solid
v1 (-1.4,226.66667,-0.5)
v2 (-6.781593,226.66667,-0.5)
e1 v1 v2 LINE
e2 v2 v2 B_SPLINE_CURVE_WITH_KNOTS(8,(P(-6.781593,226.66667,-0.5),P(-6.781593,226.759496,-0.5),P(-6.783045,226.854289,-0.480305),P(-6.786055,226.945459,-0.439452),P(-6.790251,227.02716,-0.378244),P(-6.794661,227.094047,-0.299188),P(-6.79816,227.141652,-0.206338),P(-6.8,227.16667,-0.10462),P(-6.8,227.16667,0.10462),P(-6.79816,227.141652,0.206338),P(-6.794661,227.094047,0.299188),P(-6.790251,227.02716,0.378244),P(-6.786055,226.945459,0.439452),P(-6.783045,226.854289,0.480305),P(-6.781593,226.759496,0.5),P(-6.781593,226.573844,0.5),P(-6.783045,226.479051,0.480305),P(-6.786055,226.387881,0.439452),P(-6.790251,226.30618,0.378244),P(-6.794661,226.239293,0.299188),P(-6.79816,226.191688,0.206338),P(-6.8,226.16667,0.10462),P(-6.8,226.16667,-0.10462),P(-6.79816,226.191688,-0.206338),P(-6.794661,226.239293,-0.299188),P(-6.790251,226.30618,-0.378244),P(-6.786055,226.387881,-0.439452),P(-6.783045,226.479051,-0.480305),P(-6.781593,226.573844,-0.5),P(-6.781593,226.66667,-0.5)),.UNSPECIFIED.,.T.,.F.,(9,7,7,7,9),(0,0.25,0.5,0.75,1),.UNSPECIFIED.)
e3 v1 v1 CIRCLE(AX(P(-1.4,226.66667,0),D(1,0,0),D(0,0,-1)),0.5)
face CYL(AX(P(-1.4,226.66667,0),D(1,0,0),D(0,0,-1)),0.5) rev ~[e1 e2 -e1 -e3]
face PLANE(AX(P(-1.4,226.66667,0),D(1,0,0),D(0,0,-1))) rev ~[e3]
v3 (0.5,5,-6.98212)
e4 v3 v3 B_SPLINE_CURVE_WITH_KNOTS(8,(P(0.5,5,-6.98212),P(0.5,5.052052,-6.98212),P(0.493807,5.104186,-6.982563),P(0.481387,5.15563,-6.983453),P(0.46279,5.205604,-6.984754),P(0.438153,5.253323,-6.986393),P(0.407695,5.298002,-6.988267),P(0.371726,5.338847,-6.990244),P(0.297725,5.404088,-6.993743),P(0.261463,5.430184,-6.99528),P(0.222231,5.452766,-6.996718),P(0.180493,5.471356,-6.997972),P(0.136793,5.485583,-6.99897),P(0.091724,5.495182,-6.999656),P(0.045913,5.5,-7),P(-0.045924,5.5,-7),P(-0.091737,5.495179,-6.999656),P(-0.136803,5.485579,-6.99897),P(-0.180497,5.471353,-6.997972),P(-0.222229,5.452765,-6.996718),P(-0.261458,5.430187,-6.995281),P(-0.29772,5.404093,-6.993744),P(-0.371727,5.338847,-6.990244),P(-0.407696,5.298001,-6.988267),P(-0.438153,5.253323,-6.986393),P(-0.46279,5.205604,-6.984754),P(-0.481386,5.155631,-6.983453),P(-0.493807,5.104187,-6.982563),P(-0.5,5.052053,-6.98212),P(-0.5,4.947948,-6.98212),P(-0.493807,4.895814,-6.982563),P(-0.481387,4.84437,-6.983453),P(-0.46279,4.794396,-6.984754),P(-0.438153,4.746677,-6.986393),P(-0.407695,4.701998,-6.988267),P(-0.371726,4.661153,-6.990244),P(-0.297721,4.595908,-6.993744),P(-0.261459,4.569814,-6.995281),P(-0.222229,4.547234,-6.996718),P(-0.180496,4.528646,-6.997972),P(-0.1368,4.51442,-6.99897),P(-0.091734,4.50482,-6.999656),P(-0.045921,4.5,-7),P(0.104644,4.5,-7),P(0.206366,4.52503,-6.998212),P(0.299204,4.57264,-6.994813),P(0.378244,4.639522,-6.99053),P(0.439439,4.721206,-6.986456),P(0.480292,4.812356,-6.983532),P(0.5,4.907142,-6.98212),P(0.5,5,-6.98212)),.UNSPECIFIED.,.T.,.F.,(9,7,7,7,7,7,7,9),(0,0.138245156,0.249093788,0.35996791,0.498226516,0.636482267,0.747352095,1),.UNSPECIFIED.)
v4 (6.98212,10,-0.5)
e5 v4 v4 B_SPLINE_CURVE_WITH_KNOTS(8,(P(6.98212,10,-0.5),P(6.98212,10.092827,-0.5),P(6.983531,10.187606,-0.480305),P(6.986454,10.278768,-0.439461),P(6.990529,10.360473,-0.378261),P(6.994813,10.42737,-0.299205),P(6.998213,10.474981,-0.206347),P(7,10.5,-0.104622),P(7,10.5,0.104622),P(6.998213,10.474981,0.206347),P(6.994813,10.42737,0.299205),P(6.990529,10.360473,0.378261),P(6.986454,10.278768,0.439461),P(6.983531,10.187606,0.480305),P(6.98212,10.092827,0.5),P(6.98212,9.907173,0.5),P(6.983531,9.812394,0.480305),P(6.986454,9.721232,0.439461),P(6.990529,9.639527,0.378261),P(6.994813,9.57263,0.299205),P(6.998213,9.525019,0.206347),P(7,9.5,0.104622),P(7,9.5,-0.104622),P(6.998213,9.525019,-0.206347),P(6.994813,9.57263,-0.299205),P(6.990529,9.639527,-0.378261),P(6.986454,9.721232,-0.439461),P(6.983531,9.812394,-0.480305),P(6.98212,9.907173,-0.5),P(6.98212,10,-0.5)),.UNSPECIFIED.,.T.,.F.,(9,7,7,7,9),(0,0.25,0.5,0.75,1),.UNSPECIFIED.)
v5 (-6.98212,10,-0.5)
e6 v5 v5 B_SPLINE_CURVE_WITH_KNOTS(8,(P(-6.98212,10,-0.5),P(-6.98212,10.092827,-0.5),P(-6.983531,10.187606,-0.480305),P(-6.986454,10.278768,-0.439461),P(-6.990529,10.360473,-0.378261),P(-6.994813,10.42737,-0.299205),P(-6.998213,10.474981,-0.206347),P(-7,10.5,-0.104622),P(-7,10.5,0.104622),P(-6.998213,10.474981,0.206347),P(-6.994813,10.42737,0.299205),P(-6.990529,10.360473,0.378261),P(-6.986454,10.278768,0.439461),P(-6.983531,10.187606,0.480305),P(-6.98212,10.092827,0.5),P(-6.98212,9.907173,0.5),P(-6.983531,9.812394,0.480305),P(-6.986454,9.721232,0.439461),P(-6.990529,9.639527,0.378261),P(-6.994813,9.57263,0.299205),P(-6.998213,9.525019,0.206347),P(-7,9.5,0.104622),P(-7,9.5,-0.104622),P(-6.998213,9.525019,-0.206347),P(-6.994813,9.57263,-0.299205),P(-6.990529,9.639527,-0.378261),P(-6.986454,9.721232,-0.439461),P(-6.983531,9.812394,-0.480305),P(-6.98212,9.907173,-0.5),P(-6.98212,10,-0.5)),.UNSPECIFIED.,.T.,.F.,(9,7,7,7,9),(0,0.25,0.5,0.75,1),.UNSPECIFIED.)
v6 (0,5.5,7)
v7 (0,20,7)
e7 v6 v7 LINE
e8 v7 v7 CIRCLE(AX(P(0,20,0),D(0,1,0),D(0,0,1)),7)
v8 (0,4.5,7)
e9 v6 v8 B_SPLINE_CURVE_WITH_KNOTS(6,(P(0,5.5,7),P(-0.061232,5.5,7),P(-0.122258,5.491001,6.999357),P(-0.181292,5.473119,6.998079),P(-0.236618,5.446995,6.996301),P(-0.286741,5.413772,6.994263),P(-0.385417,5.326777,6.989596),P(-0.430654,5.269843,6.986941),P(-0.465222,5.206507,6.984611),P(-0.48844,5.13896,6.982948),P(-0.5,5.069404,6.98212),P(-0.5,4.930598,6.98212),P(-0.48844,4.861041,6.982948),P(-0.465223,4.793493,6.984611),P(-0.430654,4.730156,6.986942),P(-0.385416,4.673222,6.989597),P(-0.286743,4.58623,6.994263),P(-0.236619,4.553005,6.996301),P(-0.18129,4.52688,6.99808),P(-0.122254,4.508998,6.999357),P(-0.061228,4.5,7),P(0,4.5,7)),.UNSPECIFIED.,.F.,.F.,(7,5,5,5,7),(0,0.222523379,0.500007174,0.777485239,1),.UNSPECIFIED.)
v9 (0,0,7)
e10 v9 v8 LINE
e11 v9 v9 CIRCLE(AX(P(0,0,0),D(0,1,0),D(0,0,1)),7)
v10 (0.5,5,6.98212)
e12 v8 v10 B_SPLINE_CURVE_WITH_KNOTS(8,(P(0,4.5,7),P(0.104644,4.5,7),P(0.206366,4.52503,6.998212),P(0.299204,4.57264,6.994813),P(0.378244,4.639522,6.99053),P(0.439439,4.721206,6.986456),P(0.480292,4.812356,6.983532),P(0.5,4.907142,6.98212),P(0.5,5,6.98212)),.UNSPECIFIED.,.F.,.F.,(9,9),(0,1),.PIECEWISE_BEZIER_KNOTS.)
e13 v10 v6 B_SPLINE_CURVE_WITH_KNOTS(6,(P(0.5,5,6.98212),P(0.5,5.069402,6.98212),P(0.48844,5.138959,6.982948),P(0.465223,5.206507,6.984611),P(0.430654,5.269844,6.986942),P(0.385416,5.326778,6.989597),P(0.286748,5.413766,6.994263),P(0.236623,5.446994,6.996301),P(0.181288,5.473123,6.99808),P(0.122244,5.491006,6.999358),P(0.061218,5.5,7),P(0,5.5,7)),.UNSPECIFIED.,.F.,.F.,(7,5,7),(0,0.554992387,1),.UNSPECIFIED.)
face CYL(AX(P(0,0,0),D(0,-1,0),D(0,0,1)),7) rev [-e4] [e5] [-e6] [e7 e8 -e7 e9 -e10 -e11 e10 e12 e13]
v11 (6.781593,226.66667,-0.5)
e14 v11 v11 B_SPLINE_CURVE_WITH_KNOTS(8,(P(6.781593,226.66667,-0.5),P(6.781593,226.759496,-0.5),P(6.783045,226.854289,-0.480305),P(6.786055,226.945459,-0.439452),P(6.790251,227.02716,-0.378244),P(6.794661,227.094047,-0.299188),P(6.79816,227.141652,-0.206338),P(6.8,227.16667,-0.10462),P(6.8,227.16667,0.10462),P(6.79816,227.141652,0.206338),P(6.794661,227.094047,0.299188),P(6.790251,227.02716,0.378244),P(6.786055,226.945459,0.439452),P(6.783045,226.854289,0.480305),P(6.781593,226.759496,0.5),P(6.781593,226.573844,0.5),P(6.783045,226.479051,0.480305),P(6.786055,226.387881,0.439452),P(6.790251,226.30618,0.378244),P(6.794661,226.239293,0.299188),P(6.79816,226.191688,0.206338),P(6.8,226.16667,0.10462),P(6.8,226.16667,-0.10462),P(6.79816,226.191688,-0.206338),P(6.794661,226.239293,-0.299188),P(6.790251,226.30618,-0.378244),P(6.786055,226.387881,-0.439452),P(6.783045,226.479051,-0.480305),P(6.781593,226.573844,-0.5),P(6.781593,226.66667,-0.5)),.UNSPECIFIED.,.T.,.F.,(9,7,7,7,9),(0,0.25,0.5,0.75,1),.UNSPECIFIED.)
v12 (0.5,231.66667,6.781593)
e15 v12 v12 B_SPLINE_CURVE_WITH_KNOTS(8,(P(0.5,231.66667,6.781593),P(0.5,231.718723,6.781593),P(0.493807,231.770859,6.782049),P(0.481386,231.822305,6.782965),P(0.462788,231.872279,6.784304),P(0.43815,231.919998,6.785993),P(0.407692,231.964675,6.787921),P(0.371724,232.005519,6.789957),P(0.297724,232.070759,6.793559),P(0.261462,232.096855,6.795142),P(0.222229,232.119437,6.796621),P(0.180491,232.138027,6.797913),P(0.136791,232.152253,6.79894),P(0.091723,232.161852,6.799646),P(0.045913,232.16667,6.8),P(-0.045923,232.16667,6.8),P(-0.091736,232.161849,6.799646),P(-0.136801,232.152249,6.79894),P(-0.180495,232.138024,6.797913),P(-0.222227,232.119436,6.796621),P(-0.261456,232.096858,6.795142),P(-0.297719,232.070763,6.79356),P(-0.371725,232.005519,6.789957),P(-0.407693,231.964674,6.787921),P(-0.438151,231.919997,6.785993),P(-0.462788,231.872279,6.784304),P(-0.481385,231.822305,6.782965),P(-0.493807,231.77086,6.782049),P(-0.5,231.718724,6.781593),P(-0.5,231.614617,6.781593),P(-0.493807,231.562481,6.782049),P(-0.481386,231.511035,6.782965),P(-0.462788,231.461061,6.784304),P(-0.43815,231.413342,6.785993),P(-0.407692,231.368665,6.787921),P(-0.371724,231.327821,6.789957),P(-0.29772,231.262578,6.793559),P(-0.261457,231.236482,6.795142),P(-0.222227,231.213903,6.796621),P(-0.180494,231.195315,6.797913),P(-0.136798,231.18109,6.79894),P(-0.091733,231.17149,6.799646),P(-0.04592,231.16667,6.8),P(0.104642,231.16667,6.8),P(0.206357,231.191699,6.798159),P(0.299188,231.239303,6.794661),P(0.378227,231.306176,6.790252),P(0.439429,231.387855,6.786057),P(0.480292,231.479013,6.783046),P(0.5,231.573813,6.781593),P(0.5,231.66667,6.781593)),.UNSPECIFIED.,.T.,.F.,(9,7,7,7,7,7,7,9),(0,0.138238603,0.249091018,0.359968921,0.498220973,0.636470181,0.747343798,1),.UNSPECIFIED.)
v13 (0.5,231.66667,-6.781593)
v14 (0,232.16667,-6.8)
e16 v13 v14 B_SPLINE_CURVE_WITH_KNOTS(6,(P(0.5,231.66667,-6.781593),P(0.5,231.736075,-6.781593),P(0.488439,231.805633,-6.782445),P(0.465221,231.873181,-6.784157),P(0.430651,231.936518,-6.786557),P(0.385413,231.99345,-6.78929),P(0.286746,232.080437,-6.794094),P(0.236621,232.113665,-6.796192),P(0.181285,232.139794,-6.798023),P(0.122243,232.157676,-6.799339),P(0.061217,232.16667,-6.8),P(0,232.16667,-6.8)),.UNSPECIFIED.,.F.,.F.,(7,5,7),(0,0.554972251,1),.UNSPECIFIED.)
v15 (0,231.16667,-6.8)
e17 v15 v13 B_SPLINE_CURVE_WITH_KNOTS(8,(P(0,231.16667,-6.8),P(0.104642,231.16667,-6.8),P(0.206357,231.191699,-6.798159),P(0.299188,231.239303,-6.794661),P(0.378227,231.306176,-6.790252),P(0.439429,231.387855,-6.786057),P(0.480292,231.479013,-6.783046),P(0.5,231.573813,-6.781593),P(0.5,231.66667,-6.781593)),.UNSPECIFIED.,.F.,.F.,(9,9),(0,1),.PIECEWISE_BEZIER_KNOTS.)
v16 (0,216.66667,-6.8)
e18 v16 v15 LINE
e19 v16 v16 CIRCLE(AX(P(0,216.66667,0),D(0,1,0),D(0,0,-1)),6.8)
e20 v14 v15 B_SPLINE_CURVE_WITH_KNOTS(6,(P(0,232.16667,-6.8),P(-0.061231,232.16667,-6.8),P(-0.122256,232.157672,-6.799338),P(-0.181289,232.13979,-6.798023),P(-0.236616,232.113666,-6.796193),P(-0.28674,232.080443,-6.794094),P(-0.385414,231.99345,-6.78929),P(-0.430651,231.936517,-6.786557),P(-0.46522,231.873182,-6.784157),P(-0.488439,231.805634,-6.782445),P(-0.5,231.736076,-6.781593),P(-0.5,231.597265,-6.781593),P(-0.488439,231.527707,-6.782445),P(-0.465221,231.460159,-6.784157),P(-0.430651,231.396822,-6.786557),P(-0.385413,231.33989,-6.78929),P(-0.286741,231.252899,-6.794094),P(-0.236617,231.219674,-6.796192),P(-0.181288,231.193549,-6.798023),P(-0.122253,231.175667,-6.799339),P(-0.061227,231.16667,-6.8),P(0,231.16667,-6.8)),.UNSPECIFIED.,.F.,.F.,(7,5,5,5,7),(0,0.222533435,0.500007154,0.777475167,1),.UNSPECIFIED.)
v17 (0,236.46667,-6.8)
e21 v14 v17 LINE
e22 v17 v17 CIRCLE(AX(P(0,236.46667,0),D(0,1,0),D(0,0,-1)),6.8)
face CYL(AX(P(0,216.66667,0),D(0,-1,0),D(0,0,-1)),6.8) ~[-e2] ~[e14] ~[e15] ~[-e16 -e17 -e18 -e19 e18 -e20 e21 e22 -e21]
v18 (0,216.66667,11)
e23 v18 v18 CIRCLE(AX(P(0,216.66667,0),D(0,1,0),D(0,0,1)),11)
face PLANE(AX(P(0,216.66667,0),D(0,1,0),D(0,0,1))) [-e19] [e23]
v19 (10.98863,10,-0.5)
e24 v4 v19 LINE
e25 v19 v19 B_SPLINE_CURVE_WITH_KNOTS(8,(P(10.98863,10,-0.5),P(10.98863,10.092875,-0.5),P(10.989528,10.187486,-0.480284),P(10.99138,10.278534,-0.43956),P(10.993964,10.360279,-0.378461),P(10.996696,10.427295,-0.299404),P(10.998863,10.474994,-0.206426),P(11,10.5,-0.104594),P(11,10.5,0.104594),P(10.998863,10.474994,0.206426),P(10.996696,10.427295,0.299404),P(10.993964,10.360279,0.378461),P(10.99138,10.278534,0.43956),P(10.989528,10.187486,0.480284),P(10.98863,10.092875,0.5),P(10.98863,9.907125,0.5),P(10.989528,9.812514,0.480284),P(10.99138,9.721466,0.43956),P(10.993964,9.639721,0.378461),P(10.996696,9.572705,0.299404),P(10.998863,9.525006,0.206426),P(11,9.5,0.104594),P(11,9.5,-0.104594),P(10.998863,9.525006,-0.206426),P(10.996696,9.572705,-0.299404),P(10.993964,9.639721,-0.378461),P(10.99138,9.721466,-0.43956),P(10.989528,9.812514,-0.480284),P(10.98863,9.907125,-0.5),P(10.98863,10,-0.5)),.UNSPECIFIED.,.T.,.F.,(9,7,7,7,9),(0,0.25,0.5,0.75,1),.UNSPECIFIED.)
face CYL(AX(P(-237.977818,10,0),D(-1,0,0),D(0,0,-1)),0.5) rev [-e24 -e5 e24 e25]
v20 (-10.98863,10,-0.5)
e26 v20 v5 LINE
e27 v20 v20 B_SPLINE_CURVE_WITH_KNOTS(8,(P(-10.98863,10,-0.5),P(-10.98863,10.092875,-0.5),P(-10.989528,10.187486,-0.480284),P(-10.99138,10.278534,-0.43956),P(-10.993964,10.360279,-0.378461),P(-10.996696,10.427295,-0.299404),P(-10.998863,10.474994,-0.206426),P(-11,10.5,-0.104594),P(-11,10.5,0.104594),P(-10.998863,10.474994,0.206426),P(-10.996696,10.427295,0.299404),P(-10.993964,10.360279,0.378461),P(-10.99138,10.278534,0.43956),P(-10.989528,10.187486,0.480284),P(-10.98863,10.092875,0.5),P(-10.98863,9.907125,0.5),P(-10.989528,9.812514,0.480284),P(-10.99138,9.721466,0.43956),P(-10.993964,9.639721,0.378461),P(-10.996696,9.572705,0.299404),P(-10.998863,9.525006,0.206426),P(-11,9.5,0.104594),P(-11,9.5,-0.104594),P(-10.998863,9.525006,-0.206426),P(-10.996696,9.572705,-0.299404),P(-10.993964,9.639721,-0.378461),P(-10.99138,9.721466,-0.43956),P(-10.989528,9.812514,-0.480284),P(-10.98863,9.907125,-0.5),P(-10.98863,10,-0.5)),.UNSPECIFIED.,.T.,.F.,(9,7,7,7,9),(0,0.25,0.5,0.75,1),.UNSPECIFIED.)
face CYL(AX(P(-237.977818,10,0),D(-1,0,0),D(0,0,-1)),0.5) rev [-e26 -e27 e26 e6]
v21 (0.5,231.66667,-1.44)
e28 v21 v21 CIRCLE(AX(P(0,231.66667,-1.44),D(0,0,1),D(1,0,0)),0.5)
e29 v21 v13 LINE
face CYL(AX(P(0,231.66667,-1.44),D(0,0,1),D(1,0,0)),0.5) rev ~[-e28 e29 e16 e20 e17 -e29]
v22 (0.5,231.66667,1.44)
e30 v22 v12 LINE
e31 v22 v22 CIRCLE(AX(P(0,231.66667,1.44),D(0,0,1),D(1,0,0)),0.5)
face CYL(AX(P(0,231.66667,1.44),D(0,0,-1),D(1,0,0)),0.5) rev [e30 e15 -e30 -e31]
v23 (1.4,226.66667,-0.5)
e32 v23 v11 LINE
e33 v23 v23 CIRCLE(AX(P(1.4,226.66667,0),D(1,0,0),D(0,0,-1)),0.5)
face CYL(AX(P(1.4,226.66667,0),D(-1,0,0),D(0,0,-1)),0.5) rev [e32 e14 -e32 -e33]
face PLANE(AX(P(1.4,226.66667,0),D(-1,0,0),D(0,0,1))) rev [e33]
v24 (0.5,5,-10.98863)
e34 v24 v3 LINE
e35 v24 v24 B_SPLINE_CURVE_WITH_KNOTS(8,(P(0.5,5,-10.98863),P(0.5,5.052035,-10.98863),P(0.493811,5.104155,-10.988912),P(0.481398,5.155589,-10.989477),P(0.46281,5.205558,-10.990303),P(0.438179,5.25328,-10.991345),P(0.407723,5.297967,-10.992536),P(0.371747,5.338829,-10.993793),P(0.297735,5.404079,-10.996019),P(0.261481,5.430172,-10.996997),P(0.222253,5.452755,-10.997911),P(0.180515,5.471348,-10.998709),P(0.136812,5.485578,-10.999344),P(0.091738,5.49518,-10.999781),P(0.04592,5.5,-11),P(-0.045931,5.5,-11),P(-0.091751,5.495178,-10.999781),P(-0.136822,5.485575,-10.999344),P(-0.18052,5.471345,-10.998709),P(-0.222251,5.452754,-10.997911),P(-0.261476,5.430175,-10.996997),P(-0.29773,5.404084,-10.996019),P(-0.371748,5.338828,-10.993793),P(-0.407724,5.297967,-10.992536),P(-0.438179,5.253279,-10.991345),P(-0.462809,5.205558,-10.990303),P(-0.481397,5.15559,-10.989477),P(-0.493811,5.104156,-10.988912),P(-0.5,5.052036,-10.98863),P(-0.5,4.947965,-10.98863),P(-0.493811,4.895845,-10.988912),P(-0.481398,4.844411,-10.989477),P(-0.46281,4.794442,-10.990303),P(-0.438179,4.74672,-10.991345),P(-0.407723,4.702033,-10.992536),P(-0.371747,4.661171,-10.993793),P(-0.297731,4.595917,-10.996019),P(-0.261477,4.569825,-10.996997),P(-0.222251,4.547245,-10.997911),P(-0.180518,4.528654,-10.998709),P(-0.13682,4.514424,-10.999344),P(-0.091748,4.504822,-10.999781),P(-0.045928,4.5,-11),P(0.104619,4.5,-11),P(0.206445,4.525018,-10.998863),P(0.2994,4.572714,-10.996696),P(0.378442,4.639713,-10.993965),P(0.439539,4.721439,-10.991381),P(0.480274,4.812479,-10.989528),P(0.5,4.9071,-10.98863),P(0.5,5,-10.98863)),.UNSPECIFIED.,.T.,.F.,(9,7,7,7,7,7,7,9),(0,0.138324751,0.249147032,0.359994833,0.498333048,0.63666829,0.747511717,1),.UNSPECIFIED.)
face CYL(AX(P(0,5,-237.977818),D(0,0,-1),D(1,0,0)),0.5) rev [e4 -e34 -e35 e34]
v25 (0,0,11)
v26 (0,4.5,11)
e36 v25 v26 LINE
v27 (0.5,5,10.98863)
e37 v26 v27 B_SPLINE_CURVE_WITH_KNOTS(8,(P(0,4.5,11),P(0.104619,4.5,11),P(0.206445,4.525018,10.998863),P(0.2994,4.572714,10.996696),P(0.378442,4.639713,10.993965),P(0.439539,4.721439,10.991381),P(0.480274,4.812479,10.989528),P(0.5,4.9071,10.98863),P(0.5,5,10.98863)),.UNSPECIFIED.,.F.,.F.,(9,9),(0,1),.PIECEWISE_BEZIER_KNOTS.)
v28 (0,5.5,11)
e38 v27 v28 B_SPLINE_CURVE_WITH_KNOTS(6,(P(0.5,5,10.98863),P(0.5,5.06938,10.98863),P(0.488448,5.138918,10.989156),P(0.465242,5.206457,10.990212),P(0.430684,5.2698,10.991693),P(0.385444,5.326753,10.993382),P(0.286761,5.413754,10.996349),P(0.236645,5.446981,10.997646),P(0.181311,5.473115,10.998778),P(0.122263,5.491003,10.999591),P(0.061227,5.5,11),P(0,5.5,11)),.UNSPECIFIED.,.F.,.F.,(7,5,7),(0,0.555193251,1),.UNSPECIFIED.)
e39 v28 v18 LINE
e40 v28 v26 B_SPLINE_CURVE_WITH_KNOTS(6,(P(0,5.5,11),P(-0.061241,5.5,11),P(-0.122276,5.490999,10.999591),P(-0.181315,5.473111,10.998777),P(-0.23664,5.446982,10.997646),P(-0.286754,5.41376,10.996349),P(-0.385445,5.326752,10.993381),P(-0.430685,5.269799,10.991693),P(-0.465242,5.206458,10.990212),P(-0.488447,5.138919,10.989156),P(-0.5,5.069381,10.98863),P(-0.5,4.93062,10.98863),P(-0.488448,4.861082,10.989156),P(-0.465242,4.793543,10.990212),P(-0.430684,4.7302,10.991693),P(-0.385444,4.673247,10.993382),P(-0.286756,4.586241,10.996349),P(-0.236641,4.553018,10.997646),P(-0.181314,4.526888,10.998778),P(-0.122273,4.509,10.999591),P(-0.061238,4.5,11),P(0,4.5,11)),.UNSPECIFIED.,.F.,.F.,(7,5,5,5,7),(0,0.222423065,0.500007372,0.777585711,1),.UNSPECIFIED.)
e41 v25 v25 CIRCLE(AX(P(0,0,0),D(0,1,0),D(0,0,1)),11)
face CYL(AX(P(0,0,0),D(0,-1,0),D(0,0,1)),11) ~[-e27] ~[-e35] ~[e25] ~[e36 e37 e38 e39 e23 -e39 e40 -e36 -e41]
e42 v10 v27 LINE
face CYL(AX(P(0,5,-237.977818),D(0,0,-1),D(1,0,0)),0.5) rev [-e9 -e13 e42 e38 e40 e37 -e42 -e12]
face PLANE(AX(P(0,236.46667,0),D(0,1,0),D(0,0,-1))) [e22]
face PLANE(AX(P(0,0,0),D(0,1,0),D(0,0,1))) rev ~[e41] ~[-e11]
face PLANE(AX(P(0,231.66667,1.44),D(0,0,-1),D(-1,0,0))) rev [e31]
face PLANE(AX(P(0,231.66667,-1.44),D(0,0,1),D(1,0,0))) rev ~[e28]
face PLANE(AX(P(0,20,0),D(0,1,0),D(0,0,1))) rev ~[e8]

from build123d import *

# Parameters (mm, degrees)
SKETCH1_R               = 11
BOSS_EXTRUDE1_DEPTH     = 216.66667
BOSS_EXTRUDE2_START     = 216.66667
SKETCH2_R               = 6.8
BOSS_EXTRUDE2_DEPTH     = 19.8
CUT_EXTRUDE1_START      = -1.44
SKETCH3_R               = 0.5
CUT_EXTRUDE1_DEPTH      = 9
CUT_EXTRUDE2_START      = -1.4
SKETCH4_R               = 0.5
CUT_EXTRUDE2_DEPTH      = 9
SKETCH6_R               = 7
CUT_EXTRUDE3_DEPTH      = 20
CUT_EXTRUDE4_DEPTH      = 237.977817671
CUT_EXTRUDE4_DEPTH_BACK = 237.977817671
SKETCH7_R               = 0.5
CUT_EXTRUDE5_DEPTH      = 237.97781768
CUT_EXTRUDE5_DEPTH_BACK = 237.97781768
SKETCH10_R              = 0.5


with BuildPart() as part:
    # Sketch1 → Boss-Extrude1 (new body)
    with BuildSketch(Plane(origin=(0, 0, 0), x_dir=(1, 0, 0), z_dir=(0, 1, 0))):
        with Locations(Location((0, 0, 0), (0, 0, 270))):
            Circle(SKETCH1_R)
    extrude(amount=BOSS_EXTRUDE1_DEPTH)

    # Sketch2 → Boss-Extrude2 (add)
    with BuildSketch(Plane(origin=(0, 0, 0), x_dir=(1, 0, 0), z_dir=(0, 1, 0)).offset(BOSS_EXTRUDE2_START)):
        with Locations(Location((0, 0, 0), (0, 0, 90))):
            Circle(SKETCH2_R)
    extrude(amount=BOSS_EXTRUDE2_DEPTH)

    # Sketch3 → Cut-Extrude1 (cut)
    with BuildSketch(Plane.XY.offset(CUT_EXTRUDE1_START)):
        with Locations((0, 231.66667)):
            Circle(SKETCH3_R)
    cut_extrude1 = extrude(amount=-CUT_EXTRUDE1_DEPTH, mode=Mode.SUBTRACT)

    # Mirror1: Cut-Extrude1 across plane
    add(cut_extrude1.mirror(Plane.XY), mode=Mode.SUBTRACT)

    # Sketch4 → Cut-Extrude2 (cut)
    with BuildSketch(Plane(origin=(0, 0, 0), x_dir=(0, 0, -1), z_dir=(1, 0, 0)).offset(CUT_EXTRUDE2_START)):
        with Locations((0, 226.66667)):
            Circle(SKETCH4_R)
    cut_extrude2 = extrude(amount=-CUT_EXTRUDE2_DEPTH, mode=Mode.SUBTRACT)

    # Mirror2: Cut-Extrude2 across plane
    add(cut_extrude2.mirror(Plane(origin=(0, 0, 0), x_dir=(0, 0, 1), z_dir=(1, 0, 0))), mode=Mode.SUBTRACT)

    # Sketch6 → Cut-Extrude3 (cut)
    with BuildSketch(Plane(origin=(0, 0, 0), x_dir=(1, 0, 0), z_dir=(0, 1, 0))):
        with Locations(Location((0, 0, 0), (0, 0, 270))):
            Circle(SKETCH6_R)
    extrude(amount=CUT_EXTRUDE3_DEPTH, mode=Mode.SUBTRACT)

    # Sketch7 → Cut-Extrude4 (cut, two sides: drawn at the far end of the back side and taken through both)
    with BuildSketch(Plane(origin=(0, 0, 0), x_dir=(0, 0, -1), z_dir=(1, 0, 0)).offset(-CUT_EXTRUDE4_DEPTH_BACK)):
        with Locations((0, 10)):
            Circle(SKETCH7_R)
    extrude(amount=CUT_EXTRUDE4_DEPTH + CUT_EXTRUDE4_DEPTH_BACK, mode=Mode.SUBTRACT)

    # Sketch10 → Cut-Extrude5 (cut, two sides: drawn at the far end of the back side and taken through both)
    with BuildSketch(Plane.XY.offset(-CUT_EXTRUDE5_DEPTH_BACK)):
        with Locations((0, 5)):
            Circle(SKETCH10_R)
    extrude(amount=CUT_EXTRUDE5_DEPTH + CUT_EXTRUDE5_DEPTH_BACK, mode=Mode.SUBTRACT)


solid = part.part
